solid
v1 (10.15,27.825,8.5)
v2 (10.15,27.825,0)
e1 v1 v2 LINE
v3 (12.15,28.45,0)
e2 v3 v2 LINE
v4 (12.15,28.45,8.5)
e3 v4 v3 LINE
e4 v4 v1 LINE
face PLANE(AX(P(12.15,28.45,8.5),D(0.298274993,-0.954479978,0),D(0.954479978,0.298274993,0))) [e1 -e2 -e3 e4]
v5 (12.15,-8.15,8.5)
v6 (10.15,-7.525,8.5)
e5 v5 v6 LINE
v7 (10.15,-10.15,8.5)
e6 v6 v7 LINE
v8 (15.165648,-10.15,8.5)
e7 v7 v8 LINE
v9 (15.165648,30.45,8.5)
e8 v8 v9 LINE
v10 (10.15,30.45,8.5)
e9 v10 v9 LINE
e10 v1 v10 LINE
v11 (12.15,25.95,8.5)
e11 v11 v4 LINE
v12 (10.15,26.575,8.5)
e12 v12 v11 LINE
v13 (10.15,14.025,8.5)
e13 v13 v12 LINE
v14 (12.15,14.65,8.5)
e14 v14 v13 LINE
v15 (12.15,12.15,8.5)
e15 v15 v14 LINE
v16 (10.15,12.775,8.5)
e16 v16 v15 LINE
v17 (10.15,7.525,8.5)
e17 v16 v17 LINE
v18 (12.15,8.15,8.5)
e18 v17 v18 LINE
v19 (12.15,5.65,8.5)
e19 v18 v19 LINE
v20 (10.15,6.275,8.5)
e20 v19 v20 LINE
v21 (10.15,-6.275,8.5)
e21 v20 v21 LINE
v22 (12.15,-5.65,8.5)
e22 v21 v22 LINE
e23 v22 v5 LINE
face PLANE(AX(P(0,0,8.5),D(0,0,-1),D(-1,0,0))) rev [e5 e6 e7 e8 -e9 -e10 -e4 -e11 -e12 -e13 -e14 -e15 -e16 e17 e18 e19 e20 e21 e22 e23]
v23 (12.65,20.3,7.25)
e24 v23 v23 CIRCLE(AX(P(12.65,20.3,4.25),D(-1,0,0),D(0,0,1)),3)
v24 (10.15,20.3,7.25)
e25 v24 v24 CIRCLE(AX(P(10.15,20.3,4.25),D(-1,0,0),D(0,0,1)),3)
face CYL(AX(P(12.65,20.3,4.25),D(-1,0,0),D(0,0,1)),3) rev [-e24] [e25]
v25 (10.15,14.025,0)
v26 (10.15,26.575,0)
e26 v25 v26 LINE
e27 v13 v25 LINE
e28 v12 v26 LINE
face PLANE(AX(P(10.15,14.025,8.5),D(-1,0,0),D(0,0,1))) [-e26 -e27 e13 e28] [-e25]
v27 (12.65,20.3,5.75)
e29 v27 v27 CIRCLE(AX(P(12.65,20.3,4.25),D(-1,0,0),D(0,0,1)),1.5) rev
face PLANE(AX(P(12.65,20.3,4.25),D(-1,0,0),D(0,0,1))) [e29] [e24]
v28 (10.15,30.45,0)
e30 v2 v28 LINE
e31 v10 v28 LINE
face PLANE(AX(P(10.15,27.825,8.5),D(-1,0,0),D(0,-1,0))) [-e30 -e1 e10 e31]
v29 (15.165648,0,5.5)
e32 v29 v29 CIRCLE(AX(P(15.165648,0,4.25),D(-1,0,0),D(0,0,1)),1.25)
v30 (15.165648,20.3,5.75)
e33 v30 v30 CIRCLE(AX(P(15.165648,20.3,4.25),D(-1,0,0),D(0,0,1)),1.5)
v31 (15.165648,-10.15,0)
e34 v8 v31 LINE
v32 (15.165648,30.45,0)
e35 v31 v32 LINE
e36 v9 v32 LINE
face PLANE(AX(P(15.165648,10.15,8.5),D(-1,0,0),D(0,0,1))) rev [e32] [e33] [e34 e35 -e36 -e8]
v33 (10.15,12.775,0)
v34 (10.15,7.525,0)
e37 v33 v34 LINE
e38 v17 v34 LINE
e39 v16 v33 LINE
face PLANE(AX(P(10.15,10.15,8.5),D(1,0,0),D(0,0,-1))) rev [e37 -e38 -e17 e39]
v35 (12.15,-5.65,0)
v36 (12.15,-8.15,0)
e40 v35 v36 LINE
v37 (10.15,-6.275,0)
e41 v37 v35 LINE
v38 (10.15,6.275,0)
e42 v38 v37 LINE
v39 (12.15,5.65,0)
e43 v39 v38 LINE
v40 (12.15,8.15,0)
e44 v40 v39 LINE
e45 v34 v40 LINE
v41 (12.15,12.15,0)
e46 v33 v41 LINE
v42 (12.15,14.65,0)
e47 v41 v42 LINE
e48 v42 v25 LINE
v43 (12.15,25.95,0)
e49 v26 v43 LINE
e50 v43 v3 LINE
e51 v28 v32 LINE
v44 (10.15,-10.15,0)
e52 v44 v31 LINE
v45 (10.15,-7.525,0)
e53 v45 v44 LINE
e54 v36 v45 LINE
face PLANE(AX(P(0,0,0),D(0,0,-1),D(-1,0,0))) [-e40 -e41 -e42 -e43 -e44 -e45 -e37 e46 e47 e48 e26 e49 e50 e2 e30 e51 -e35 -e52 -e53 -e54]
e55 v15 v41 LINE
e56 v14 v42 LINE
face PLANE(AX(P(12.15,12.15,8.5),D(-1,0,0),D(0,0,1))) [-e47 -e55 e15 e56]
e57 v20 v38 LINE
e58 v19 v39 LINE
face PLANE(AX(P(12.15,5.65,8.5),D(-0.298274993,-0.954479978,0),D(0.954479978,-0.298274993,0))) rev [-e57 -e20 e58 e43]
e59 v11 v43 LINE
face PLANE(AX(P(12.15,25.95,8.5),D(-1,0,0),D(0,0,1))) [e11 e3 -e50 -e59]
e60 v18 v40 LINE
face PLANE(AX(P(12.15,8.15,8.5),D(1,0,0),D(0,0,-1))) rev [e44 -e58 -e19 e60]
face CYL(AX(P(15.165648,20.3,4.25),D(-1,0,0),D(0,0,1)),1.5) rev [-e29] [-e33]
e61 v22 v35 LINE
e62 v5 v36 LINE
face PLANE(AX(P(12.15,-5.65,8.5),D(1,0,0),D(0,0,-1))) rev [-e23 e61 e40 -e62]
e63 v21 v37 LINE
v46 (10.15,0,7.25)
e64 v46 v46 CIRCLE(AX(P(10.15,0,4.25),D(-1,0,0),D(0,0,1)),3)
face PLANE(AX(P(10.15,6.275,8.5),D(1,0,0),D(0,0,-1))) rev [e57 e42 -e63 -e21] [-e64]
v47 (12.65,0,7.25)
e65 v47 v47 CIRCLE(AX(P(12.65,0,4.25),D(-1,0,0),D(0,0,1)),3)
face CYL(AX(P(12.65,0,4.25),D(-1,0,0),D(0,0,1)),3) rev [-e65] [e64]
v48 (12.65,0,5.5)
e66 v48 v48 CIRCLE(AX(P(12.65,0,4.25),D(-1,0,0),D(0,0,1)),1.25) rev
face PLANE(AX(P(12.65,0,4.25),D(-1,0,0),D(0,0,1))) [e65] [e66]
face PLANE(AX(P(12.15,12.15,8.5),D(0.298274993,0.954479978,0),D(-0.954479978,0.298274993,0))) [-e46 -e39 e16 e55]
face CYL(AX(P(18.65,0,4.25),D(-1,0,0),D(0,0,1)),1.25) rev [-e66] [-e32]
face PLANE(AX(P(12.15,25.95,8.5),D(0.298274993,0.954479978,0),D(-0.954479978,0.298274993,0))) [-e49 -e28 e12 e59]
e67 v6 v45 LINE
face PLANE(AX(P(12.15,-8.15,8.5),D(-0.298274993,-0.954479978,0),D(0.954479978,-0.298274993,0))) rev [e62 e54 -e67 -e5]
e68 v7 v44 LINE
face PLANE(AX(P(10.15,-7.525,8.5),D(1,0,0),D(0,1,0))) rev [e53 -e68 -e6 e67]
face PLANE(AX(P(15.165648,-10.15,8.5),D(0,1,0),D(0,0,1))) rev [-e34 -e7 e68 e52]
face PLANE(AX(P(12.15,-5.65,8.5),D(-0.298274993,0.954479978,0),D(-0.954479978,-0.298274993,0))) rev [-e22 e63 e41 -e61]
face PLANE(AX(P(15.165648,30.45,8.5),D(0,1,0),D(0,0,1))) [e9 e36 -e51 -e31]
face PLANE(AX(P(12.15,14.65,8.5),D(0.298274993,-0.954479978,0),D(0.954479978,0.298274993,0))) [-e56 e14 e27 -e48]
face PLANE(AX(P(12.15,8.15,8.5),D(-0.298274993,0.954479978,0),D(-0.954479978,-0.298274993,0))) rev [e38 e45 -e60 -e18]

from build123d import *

# Parameters (mm, degrees)
SALIENTE_EXTRUIR1_DEPTH    = 8.5
CROQUIS2_R                 = 1.25
CORTAR_EXTRUIR1_DEPTH      = 8.5
CROQUIS3_R                 = 3
CORTAR_EXTRUIR2_DEPTH      = 2.5
CORTAR_EXTRUIR3_DEPTH      = 33.009517698
CORTAR_EXTRUIR3_DEPTH_BACK = 33.009517698
CROQUIS4_R                 = 1.5
CROQUIS5_R                 = 3
CORTAR_EXTRUIR4_DEPTH      = 2.5


with BuildPart() as part:
    # Croquis1 → Saliente-Extruir1 (new body)
    with BuildSketch(Plane.XY):
        Polygon((12.15, 8.15), (12.15, 5.65), (10.15, 6.275), (10.15, -6.275), (12.15, -5.65), (12.15, -8.15), (10.15, -7.525), (10.15, -10.15), (15.165647838, -10.15), (15.165647838, 10.15), (10.15, 10.15), (10.15, 7.525), align=None)
    saliente_extruir1 = extrude(amount=SALIENTE_EXTRUIR1_DEPTH)

    # Croquis2 → Cortar-Extruir1 (cut)
    with BuildSketch(Plane.ZY.offset(-10.15)):
        with Locations((4.25, 0)):
            Circle(CROQUIS2_R)
    extrude(amount=-CORTAR_EXTRUIR1_DEPTH, mode=Mode.SUBTRACT)

    # Croquis3 → Cortar-Extruir2 (cut)
    with BuildSketch(Plane.ZY.offset(-10.15)):
        with Locations((4.25, 0)):
            Circle(CROQUIS3_R)
    extrude(amount=-CORTAR_EXTRUIR2_DEPTH, mode=Mode.SUBTRACT)

    # Simetría1: Saliente-Extruir1 across plane
    add(saliente_extruir1.mirror(Plane(origin=(10.15, 10.15, 8.5), x_dir=(0, 0, 1), z_dir=(0, -1, 0))))

    # Croquis4 → Cortar-Extruir3 (cut, two sides: drawn at the far end of the back side and taken through both)
    with BuildSketch(Plane.ZY.offset(-10.15).offset(-CORTAR_EXTRUIR3_DEPTH_BACK)):
        with Locations((4.25, 20.3)):
            Circle(CROQUIS4_R)
    extrude(amount=CORTAR_EXTRUIR3_DEPTH + CORTAR_EXTRUIR3_DEPTH_BACK, mode=Mode.SUBTRACT)

    # Croquis5 → Cortar-Extruir4 (cut)
    with BuildSketch(Plane.ZY.offset(-10.15)):
        with Locations((4.25, 20.3)):
            Circle(CROQUIS5_R)
    extrude(amount=-CORTAR_EXTRUIR4_DEPTH, mode=Mode.SUBTRACT)


solid = part.part
